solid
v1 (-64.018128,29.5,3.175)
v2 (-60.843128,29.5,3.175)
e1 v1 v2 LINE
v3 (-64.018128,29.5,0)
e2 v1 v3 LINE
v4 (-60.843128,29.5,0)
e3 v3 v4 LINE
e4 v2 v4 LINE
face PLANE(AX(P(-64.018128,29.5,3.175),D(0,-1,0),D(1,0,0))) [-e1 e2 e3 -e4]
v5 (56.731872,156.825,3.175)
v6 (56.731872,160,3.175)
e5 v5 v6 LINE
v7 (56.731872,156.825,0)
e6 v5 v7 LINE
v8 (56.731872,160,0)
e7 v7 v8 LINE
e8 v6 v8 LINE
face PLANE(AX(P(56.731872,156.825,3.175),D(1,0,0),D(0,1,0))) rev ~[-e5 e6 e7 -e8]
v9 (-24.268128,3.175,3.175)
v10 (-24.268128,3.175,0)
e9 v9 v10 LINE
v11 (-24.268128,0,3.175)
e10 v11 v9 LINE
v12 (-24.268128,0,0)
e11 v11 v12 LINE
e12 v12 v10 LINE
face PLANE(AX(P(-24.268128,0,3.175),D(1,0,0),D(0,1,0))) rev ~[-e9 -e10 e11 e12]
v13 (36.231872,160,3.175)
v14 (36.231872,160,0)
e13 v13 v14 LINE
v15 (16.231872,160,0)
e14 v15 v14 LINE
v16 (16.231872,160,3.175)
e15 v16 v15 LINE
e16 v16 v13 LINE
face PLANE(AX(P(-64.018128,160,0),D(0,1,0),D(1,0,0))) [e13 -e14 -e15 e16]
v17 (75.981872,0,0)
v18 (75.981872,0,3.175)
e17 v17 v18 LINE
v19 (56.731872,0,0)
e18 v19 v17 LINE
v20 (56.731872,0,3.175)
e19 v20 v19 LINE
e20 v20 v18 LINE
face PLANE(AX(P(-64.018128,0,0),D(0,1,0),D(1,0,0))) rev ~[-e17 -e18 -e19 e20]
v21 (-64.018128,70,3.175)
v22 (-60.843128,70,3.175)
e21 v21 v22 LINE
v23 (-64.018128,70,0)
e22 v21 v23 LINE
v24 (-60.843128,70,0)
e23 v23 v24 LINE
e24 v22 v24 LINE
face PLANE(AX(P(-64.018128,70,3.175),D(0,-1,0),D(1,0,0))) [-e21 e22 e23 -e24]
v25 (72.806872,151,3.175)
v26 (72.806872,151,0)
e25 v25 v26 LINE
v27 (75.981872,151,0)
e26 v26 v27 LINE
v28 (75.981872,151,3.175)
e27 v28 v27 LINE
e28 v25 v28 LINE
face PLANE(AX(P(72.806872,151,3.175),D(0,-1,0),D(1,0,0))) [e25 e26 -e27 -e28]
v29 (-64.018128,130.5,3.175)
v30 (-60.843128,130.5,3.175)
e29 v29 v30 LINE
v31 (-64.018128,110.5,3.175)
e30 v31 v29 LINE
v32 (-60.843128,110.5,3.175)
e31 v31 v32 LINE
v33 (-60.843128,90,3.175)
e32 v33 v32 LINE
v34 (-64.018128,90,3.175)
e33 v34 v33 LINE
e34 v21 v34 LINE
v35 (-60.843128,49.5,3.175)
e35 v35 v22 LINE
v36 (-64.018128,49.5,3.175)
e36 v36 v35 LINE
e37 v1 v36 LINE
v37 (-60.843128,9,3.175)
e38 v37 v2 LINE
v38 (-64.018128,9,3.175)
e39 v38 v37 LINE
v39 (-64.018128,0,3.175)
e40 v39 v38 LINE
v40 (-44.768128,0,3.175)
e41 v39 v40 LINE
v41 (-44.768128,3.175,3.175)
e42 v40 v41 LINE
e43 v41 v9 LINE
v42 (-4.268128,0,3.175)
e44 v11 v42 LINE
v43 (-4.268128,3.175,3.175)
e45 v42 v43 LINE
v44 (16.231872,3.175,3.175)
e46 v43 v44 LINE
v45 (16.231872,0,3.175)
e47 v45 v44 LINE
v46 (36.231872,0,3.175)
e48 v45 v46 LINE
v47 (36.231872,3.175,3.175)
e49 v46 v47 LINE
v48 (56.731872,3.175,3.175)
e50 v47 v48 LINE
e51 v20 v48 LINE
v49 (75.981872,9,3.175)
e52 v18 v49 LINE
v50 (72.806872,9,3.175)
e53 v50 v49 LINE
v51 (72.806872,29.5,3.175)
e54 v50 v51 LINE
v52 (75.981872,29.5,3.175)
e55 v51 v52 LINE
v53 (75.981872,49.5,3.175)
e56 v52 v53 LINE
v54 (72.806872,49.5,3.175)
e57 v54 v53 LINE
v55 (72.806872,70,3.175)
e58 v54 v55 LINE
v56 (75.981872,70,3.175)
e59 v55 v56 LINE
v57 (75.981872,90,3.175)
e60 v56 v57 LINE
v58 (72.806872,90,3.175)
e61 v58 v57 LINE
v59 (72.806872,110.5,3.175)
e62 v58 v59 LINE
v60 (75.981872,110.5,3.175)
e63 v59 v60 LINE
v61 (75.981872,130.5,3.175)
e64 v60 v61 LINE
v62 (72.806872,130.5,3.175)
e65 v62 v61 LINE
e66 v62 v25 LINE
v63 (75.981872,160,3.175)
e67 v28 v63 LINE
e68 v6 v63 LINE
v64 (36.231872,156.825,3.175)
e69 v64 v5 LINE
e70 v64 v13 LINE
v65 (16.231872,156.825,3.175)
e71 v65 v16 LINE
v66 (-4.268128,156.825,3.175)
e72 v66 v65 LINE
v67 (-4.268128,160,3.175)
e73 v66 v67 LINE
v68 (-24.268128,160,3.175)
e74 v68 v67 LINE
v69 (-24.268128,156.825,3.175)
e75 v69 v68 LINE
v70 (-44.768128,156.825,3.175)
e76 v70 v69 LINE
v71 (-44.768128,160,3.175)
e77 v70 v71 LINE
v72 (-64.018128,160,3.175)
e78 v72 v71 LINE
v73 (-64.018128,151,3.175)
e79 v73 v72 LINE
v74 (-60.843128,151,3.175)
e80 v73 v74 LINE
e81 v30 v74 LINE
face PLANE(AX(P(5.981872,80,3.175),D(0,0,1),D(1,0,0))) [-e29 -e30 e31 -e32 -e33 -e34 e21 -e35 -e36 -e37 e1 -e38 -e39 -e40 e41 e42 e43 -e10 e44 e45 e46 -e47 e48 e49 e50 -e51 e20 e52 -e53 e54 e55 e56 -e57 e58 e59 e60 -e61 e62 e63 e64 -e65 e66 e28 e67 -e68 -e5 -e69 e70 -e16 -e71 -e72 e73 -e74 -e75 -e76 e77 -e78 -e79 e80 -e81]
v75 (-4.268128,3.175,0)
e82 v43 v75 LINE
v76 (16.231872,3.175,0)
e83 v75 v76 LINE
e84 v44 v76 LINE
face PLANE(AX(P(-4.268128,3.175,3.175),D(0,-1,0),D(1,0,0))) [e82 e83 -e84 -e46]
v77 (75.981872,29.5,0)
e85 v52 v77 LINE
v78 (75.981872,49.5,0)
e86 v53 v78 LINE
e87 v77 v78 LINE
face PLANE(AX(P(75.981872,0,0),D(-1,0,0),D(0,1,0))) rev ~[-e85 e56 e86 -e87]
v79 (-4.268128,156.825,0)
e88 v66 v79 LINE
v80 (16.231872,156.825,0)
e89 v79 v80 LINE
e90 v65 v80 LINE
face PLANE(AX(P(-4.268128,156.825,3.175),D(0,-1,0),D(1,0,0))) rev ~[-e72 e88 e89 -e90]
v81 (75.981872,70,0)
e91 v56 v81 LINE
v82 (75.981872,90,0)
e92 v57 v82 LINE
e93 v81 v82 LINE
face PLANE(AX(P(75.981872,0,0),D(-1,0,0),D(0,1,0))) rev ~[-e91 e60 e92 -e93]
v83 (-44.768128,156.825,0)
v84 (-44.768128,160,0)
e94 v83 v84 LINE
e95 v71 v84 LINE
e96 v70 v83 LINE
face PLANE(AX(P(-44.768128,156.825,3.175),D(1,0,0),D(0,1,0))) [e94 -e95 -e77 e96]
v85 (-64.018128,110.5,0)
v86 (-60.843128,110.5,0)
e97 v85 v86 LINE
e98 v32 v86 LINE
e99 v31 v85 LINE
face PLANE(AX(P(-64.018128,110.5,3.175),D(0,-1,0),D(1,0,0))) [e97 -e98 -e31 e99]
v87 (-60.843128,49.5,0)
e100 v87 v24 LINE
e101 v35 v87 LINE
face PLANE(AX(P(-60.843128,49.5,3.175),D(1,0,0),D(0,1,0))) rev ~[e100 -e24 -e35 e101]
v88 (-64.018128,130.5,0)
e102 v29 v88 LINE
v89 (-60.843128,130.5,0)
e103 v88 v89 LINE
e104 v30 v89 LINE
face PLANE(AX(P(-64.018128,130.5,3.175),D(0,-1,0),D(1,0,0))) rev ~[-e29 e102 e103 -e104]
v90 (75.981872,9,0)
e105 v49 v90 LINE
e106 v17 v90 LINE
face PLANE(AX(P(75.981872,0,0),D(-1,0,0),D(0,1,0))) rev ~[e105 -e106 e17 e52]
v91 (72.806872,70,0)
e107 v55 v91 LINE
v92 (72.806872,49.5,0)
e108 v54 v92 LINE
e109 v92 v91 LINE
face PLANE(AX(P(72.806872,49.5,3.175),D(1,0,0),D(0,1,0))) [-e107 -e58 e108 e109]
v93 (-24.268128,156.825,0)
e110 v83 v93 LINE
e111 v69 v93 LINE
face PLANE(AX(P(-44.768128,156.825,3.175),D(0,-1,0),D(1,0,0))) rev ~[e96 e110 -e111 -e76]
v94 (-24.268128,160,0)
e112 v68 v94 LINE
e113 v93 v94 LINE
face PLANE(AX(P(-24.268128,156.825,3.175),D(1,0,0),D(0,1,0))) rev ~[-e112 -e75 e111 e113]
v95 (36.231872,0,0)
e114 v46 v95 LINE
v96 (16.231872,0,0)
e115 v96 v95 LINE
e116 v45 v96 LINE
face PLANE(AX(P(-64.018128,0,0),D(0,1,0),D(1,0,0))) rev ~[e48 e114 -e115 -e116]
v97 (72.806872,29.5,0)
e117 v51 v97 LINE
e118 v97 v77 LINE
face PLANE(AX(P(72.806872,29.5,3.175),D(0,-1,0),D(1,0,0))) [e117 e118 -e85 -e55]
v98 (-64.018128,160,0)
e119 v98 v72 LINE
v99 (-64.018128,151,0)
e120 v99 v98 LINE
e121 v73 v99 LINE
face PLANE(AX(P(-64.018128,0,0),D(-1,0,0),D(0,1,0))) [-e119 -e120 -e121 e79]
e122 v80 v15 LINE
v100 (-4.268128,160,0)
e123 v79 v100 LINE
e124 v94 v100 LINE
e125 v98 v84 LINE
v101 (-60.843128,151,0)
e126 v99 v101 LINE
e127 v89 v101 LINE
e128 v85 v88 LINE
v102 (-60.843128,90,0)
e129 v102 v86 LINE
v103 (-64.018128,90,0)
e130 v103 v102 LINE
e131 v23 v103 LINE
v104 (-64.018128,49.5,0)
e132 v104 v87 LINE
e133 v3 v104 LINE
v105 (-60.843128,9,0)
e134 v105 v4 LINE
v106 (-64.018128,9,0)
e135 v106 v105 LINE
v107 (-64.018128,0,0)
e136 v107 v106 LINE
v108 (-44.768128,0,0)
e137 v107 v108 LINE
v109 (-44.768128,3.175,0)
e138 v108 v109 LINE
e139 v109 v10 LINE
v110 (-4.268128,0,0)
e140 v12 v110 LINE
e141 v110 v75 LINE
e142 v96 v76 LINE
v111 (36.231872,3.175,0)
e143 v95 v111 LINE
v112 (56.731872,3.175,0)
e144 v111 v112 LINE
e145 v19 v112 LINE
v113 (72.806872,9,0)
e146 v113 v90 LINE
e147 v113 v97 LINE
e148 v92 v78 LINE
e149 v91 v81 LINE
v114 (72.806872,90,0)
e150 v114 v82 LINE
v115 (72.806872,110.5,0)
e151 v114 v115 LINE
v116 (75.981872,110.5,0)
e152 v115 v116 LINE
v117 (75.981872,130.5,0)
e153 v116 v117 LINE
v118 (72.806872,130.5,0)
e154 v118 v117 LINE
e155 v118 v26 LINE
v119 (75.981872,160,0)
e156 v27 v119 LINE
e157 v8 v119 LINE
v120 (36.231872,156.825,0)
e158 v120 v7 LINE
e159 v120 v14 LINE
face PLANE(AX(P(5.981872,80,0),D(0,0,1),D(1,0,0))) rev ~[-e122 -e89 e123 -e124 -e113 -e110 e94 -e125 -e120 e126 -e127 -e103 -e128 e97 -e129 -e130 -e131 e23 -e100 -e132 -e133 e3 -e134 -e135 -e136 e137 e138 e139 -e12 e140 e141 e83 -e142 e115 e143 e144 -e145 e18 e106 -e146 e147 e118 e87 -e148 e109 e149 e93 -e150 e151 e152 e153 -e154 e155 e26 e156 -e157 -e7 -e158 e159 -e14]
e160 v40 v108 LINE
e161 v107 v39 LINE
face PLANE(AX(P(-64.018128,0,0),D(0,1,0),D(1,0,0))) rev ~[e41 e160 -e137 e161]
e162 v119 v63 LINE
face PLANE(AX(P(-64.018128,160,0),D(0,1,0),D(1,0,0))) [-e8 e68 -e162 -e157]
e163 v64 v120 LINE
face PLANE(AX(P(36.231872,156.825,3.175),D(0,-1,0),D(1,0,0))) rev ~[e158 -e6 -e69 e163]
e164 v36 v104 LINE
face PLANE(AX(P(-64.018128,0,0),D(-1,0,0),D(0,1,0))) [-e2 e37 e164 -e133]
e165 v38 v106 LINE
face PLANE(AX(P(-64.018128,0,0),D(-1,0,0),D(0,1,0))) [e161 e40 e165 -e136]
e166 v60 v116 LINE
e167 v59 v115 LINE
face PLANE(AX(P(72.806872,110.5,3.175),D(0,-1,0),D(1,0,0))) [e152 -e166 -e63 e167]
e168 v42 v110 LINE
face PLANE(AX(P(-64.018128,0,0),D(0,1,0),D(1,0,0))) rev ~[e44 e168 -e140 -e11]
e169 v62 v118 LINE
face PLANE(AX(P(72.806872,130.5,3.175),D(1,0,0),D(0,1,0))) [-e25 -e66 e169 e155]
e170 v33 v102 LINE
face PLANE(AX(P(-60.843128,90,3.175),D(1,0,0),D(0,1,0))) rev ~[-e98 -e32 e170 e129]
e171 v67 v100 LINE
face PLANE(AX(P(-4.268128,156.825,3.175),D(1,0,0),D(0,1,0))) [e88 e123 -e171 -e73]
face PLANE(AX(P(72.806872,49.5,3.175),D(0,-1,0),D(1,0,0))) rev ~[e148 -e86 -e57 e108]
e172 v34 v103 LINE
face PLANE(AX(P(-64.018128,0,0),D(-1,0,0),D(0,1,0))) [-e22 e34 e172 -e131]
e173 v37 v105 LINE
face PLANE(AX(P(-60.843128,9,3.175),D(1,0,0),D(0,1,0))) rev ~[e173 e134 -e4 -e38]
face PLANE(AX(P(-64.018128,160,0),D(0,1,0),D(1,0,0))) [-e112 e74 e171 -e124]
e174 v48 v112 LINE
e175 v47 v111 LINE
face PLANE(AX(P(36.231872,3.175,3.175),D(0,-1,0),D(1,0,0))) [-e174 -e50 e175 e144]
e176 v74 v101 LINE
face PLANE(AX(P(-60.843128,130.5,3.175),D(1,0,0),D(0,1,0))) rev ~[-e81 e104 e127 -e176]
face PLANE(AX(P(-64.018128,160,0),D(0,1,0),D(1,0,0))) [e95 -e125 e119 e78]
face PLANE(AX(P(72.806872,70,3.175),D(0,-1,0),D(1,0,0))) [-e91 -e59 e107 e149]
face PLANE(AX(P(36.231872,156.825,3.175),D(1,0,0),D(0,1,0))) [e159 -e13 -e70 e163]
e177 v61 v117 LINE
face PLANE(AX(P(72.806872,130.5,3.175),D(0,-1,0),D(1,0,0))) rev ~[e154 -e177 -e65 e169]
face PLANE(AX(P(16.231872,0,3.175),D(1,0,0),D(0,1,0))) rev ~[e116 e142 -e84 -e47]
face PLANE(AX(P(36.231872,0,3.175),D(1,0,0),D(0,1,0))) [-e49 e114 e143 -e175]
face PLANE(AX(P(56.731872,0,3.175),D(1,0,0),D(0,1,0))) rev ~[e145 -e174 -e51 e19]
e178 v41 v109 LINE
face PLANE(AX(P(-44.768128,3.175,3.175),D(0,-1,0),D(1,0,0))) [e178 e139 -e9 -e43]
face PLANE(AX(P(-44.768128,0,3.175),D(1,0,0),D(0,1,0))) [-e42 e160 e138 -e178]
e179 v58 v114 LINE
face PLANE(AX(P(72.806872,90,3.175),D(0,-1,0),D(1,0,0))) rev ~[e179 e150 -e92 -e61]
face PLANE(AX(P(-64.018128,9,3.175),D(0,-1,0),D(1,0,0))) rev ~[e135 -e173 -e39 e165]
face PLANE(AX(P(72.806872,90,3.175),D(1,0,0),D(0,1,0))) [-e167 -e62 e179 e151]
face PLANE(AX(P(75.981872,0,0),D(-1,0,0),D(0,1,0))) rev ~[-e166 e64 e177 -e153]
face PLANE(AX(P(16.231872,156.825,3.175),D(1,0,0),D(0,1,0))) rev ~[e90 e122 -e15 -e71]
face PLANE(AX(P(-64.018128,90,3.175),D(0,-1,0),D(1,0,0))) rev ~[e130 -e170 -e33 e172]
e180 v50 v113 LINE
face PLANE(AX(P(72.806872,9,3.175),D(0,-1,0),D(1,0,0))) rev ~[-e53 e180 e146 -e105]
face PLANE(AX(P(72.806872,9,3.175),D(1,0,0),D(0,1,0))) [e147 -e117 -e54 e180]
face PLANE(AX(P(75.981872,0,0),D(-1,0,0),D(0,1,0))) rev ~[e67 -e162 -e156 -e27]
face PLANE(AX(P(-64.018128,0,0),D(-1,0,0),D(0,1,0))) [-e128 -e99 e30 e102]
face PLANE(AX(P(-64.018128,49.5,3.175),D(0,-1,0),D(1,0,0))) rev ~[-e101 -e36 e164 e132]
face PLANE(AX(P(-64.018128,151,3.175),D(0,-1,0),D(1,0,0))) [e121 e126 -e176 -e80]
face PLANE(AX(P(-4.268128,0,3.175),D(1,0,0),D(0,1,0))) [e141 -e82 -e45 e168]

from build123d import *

# Parameters (mm, degrees)
SKETCH1_W           = 140
SKETCH1_H           = 160
BOSS_EXTRUDE1_DEPTH = 3.175
SKETCH2_W           = 3.175
SKETCH2_H           = 20.5
SKETCH2_W_2         = 20.5
SKETCH2_H_2         = 3.175
CUT_EXTRUDE1_DEPTH  = 3.175


with BuildPart() as part:
    # Sketch1 → Boss-Extrude1 (new body)
    with BuildSketch(Plane.XY):
        with Locations((5.981871877, 80)):
            Rectangle(SKETCH1_W, SKETCH1_H)
    extrude(amount=BOSS_EXTRUDE1_DEPTH)

    # Sketch2 → Cut-Extrude1 (cut)
    with BuildSketch(Plane.XY.offset(3.175)):
        with Locations((-62.430628123, 19.25)):
            Rectangle(SKETCH2_W, SKETCH2_H)
        with Locations((-62.430628123, 59.75)):
            Rectangle(SKETCH2_W, SKETCH2_H)
        with Locations((-62.430628123, 100.25)):
            Rectangle(SKETCH2_W, SKETCH2_H)
        with Locations((-62.430628123, 140.75)):
            Rectangle(SKETCH2_W, SKETCH2_H)
        with Locations((-34.518128123, 158.4125)):
            Rectangle(SKETCH2_W_2, SKETCH2_H_2)
        with Locations((5.981871877, 158.4125)):
            Rectangle(SKETCH2_W_2, SKETCH2_H_2)
        with Locations((46.481871877, 158.4125)):
            Rectangle(SKETCH2_W_2, SKETCH2_H_2)
        with Locations((74.394371877, 140.75)):
            Rectangle(SKETCH2_W, SKETCH2_H)
        with Locations((74.394371877, 100.25)):
            Rectangle(SKETCH2_W, SKETCH2_H)
        with Locations((74.394371877, 59.75)):
            Rectangle(SKETCH2_W, SKETCH2_H)
        with Locations((74.394371877, 19.25)):
            Rectangle(SKETCH2_W, SKETCH2_H)
        with Locations((46.481871877, 1.5875)):
            Rectangle(SKETCH2_W_2, SKETCH2_H_2)
        with Locations((5.981871877, 1.5875)):
            Rectangle(SKETCH2_W_2, SKETCH2_H_2)
        with Locations((-34.518128123, 1.5875)):
            Rectangle(SKETCH2_W_2, SKETCH2_H_2)
    extrude(amount=-CUT_EXTRUDE1_DEPTH, mode=Mode.SUBTRACT)


solid = part.part
